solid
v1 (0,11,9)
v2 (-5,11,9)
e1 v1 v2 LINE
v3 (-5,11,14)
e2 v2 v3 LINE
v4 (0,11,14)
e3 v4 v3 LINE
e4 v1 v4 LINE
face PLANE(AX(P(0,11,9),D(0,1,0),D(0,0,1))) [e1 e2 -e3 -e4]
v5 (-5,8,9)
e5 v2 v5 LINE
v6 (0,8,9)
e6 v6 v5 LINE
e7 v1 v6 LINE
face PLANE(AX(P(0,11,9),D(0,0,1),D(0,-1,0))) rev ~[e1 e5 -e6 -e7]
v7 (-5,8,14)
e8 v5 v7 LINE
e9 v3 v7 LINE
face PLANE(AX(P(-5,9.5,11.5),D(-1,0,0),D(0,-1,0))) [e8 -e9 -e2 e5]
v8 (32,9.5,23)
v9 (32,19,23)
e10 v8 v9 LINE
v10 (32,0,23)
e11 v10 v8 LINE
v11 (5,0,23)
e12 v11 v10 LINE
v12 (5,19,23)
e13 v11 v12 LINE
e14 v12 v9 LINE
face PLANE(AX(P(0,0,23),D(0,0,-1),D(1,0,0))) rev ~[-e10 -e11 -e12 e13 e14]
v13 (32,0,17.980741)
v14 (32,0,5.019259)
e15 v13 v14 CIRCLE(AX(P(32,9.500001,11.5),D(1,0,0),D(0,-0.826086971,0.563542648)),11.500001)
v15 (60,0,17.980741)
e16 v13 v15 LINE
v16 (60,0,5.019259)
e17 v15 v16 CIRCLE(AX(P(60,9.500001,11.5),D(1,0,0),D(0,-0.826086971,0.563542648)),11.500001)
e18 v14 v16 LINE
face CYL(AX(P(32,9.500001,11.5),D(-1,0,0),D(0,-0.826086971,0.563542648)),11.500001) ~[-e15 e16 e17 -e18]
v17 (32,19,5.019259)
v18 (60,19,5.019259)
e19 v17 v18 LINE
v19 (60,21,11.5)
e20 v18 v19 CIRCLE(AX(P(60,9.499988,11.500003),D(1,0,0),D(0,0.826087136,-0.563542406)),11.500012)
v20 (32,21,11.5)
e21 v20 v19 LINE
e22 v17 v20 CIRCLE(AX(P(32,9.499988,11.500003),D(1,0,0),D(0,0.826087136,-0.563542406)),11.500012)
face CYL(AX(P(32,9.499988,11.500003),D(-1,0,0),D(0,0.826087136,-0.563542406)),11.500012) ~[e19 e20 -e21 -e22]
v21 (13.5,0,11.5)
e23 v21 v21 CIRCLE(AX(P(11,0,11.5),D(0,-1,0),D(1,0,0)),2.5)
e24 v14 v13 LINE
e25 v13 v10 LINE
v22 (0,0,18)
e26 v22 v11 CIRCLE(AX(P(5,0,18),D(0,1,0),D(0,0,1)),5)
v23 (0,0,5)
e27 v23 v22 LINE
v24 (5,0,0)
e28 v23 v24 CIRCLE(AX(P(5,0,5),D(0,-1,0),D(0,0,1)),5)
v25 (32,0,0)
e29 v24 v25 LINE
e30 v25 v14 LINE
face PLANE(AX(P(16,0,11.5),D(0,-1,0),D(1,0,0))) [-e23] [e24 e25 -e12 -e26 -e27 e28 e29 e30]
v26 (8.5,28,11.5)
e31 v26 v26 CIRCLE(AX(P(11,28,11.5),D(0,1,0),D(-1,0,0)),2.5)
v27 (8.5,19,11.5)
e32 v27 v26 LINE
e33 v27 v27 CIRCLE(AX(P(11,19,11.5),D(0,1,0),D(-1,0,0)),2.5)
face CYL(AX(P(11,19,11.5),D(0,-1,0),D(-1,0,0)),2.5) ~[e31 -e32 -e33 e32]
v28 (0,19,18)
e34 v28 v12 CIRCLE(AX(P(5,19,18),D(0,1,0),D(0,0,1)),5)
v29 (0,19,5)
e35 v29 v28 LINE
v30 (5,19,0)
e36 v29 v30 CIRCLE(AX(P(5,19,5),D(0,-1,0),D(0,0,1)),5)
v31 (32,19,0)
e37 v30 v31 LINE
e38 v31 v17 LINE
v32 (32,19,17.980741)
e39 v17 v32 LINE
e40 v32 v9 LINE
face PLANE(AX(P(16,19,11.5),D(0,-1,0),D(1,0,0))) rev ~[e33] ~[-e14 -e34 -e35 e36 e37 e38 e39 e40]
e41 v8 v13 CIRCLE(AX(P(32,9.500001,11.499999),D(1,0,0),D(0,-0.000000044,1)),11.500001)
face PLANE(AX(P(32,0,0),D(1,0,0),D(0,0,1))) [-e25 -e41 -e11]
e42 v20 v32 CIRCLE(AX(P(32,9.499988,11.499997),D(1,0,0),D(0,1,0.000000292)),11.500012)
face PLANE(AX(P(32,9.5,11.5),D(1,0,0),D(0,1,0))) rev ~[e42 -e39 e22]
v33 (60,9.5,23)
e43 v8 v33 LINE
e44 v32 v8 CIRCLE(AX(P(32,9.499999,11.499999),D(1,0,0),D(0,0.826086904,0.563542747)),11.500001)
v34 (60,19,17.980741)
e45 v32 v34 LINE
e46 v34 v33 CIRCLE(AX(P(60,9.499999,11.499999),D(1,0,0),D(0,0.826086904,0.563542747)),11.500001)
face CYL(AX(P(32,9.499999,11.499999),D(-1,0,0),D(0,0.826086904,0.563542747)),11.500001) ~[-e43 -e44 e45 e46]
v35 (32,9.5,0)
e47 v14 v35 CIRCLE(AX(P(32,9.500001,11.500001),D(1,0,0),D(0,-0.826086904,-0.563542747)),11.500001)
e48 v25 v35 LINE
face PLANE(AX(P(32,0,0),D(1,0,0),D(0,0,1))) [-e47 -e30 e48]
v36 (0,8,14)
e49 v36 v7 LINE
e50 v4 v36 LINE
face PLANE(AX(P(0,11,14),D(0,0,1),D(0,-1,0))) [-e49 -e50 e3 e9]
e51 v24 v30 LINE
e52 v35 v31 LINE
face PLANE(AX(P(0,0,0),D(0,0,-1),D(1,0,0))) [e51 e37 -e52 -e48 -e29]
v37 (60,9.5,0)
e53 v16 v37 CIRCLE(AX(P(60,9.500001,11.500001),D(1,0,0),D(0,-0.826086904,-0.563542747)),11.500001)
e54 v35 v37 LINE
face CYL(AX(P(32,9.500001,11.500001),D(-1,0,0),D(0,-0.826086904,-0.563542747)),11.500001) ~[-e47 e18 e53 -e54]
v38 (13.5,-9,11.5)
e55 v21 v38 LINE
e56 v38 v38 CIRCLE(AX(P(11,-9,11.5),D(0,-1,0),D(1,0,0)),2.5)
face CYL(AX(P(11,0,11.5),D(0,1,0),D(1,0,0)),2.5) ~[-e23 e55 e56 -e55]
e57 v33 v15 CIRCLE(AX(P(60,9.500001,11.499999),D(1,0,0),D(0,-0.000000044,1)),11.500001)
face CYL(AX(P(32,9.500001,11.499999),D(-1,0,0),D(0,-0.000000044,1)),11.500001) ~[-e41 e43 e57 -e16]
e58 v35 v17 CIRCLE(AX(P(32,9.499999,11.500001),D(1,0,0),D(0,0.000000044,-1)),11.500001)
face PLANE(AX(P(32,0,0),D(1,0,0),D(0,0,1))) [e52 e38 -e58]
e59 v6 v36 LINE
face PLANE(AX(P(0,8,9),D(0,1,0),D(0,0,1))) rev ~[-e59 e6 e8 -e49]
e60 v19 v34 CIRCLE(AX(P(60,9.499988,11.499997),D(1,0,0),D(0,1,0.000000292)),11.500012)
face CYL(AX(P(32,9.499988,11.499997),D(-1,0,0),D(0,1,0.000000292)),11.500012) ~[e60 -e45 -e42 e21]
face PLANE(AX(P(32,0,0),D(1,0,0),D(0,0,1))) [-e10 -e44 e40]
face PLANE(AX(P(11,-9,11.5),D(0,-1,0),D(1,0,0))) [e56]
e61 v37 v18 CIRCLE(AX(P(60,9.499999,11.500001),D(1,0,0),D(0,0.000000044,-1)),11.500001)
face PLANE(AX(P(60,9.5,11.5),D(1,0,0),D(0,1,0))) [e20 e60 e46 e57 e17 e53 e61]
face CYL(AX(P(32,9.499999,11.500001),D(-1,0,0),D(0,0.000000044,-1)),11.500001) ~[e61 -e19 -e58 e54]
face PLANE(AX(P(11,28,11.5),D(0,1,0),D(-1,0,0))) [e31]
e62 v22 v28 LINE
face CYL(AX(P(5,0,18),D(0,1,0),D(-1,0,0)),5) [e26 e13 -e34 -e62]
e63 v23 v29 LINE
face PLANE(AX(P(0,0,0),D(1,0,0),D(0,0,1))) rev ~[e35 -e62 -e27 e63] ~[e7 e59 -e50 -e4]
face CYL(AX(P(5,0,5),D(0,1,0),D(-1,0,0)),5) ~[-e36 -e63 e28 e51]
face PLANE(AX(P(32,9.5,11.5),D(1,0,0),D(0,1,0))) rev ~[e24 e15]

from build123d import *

# Parameters (mm, degrees)
F0_W      = 32
F0_H      = 23
F1_DEPTH  = 19
F2_R      = 5
F3_R      = 5
F4_W      = 3
F4_H      = 5
F5_DEPTH  = 5
F7_DEPTH  = 28
F8_R      = 2.5
F9_DEPTH  = 9
F10_R     = 2.5
F11_DEPTH = 9


with BuildPart() as f1:
    # F0 (on Front) → F1 (new body)
    with BuildSketch(Plane.XZ):
        with Locations((16, 11.5)):
            Rectangle(F0_W, F0_H)
    extrude(amount=-F1_DEPTH)

    # F2
    f2_edges = [f1.edges().sort_by_distance(p)[0] for p in [
        (0, 9.5, 23),
    ]]
    fillet(f2_edges, radius=F2_R)

    # F3
    f3_edges = [f1.edges().sort_by_distance(p)[0] for p in [
        (0, 9.5, 0),
    ]]
    fillet(f3_edges, radius=F3_R)

    # F4 (on face) → F5 (join)
    with BuildSketch(Plane(origin=(0, 0, 0), x_dir=(0, -1, 0), z_dir=(-1, 0, 0))):
        with Locations((-9.5, 11.5)):
            Rectangle(F4_W, F4_H)
    extrude(amount=F5_DEPTH)

    # F6 (on face) → F7 (join)
    with BuildSketch(Plane.YZ.offset(32)):
        with BuildLine():
            Line((19, 5.019259), (19, 17.980741))
            ThreePointArc((19, 17.980741), (14.872219, 21.668051), (9.5, 23))
            ThreePointArc((9.5, 23), (4.127781, 21.668051), (0, 17.980741))
            Line((0, 17.980741), (0, 5.019259))
            ThreePointArc((0, 5.019259), (4.127781, 1.331949), (9.5, 0))
            ThreePointArc((9.5, 0), (14.872219, 1.331949), (19, 5.019259))
        make_face()
        with BuildLine():
            ThreePointArc((19, 5.019259), (20.48863, 8.108835), (21, 11.5))
            ThreePointArc((21, 11.5), (20.48863, 14.891165), (19, 17.980741))
            Line((19, 17.980741), (19, 5.019259))
        make_face()
        with BuildLine():
            Line((0, 5.019259), (0, 17.980741))
            ThreePointArc((0, 17.980741), (-2, 11.5), (0, 5.019259))
        make_face()
    extrude(amount=F7_DEPTH)

    # F8 (on face) → F9 (join)
    with BuildSketch(Plane.XZ):
        with Locations((11, 11.5)):
            Circle(F8_R)
    extrude(amount=F9_DEPTH)

    # F10 (on face) → F11 (join)
    with BuildSketch(Plane(origin=(0, 19, 0), x_dir=(-1, 0, 0), z_dir=(0, 1, 0))):
        with Locations((-11, 11.5)):
            Circle(F10_R)
    extrude(amount=F11_DEPTH)


solid = f1.part
